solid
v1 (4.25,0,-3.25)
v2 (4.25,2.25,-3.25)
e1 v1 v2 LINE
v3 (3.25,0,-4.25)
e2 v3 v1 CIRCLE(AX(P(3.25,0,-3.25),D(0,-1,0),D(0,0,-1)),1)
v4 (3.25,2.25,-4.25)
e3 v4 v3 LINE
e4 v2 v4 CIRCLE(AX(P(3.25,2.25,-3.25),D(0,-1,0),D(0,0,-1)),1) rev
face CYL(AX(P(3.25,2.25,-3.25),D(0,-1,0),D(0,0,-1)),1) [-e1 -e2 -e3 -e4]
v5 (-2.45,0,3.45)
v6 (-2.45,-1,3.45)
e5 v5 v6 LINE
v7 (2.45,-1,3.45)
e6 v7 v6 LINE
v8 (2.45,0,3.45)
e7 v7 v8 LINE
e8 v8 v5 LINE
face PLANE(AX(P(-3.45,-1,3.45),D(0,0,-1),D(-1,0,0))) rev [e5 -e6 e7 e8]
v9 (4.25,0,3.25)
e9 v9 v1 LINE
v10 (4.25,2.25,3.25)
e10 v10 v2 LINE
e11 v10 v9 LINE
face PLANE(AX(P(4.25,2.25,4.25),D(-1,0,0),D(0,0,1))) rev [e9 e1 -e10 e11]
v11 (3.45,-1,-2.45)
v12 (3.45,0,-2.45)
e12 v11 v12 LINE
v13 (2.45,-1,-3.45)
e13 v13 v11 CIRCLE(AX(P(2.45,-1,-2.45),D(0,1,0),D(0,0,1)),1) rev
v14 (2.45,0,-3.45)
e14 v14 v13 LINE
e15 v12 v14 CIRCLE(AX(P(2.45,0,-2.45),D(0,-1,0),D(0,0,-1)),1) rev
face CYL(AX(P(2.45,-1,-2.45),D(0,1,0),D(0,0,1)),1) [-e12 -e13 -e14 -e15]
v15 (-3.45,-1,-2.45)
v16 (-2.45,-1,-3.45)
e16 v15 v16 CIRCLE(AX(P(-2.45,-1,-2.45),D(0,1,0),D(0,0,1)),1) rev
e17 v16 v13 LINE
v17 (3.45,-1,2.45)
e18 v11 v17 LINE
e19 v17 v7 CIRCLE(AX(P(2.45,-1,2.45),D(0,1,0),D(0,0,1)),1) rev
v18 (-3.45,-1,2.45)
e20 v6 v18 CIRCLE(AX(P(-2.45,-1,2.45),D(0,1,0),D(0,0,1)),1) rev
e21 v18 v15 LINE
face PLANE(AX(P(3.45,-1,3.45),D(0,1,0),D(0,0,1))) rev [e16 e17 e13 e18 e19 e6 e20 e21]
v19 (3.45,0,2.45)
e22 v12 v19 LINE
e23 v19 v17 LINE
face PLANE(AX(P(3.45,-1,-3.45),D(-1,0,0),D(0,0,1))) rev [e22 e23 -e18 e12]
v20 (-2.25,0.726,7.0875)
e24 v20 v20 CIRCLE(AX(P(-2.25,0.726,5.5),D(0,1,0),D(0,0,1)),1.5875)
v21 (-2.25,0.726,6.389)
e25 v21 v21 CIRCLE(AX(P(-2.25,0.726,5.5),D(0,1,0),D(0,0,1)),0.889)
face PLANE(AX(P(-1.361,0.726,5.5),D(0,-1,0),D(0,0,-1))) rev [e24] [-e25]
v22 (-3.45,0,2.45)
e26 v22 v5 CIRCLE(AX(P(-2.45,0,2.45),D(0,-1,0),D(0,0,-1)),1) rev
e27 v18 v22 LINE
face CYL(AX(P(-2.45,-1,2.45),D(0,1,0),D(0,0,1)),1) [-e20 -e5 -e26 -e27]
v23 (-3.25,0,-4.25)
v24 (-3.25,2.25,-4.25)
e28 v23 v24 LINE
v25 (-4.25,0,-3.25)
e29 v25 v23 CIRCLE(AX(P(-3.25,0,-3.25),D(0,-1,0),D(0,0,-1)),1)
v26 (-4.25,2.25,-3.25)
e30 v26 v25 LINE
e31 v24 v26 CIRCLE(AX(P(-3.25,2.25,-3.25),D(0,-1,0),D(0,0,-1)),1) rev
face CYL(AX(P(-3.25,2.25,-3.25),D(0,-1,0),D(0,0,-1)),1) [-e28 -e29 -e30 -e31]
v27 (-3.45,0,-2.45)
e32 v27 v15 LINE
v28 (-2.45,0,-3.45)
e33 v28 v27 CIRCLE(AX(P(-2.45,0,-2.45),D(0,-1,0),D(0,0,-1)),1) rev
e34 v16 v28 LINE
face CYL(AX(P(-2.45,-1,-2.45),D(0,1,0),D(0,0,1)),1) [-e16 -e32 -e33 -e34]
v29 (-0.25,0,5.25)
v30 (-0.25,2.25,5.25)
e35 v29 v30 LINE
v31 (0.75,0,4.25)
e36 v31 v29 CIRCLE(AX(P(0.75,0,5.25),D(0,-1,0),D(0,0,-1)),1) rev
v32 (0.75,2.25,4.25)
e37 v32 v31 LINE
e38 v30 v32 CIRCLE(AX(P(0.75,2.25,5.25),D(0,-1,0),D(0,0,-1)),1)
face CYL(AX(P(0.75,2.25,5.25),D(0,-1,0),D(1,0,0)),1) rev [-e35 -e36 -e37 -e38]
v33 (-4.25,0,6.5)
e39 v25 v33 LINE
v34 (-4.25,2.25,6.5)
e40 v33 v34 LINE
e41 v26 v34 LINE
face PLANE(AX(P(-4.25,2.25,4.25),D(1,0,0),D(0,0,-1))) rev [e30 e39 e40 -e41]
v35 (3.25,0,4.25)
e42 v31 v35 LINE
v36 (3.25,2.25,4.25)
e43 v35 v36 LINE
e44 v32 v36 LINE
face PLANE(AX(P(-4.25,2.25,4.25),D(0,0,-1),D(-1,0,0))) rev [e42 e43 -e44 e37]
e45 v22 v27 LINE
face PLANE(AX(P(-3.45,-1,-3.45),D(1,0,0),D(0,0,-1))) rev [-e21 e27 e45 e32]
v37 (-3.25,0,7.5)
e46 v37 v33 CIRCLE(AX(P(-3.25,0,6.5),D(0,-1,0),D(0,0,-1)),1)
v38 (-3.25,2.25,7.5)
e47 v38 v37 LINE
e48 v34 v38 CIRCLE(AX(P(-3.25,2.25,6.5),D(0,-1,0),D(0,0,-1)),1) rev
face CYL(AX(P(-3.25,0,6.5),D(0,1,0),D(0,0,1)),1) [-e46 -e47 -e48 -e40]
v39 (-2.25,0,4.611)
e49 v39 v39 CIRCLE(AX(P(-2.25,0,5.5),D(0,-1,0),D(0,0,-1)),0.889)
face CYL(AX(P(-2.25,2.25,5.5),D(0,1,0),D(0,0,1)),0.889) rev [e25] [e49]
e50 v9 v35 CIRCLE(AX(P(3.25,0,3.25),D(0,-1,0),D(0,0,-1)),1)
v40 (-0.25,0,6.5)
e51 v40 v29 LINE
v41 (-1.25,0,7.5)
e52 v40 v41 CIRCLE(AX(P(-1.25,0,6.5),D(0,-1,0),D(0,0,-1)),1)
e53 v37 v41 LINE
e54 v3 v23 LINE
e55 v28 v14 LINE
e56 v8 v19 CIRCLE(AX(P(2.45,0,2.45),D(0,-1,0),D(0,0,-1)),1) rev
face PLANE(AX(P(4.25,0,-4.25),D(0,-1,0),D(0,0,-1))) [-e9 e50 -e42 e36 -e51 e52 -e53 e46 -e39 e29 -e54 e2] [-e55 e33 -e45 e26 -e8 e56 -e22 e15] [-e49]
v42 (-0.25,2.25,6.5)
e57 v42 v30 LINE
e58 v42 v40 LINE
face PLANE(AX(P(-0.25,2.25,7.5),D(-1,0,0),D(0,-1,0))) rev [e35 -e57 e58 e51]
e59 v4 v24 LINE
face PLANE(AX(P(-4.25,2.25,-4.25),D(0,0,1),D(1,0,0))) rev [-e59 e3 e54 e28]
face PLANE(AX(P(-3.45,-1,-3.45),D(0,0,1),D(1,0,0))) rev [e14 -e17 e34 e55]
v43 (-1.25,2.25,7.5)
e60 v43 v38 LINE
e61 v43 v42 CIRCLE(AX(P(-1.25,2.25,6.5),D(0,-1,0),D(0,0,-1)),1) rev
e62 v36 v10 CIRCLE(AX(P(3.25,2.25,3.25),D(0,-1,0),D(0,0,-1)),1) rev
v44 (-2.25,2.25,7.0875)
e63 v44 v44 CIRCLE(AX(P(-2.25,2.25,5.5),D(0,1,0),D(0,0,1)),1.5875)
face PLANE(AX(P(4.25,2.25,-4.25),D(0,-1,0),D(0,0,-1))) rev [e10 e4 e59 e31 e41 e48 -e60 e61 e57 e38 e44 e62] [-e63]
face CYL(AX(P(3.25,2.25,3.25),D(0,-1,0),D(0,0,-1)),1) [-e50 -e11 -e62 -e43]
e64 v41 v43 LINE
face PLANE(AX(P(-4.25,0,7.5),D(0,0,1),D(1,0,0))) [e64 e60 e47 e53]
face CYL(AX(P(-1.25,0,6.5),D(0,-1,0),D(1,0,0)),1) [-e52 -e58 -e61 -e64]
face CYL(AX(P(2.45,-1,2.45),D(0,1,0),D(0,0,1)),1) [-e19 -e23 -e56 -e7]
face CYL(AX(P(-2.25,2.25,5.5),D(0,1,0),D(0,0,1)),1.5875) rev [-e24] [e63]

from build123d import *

# Parameters (mm, degrees)
SKETCH1_W                                      = 8.5
SKETCH1_H                                      = 8.5
EXTRUDE1_DEPTH                                 = 2.25
SKETCH7_W                                      = 6.9
SKETCH7_H                                      = 6.9
EXTRUDE5_DEPTH                                 = 1
SKETCH3_W                                      = 4
SKETCH3_H                                      = 2.25
EXTRUDE3_DEPTH                                 = 3.25
CBORE_FOR_0_SOCKET_HEAD_CAP_SCREW1_D           = 1.778
CBORE_FOR_0_SOCKET_HEAD_CAP_SCREW1_CBORE_D     = 3.175
CBORE_FOR_0_SOCKET_HEAD_CAP_SCREW1_CBORE_DEPTH = 1.524
FILLET2_R                                      = 1


with BuildPart() as part:
    # Sketch1 → Extrude1 (new body)
    with BuildSketch(Plane(origin=(0, 0, 0), x_dir=(1, 0, 0), z_dir=(0, 1, 0))):
        Rectangle(SKETCH1_W, SKETCH1_H)
    extrude(amount=EXTRUDE1_DEPTH)

    # Sketch7 → Extrude5 (add)
    with BuildSketch(Plane.XZ):
        Rectangle(SKETCH7_W, SKETCH7_H)
    extrude(amount=EXTRUDE5_DEPTH)

    # Sketch3 → Extrude3 (add)
    with BuildSketch(Plane.XY.offset(4.25)):
        with Locations((-2.25, 1.125)):
            Rectangle(SKETCH3_W, SKETCH3_H)
    extrude(amount=EXTRUDE3_DEPTH)

    # CBORE for #0 Socket Head Cap Screw1 (through all)
    with Locations(Plane(origin=(-2.25, 2.25, 5.5), x_dir=(0, 0, 1), z_dir=(0, 1, 0))):
        with Locations((0, 0)):
            CounterBoreHole(CBORE_FOR_0_SOCKET_HEAD_CAP_SCREW1_D / 2, CBORE_FOR_0_SOCKET_HEAD_CAP_SCREW1_CBORE_D / 2, CBORE_FOR_0_SOCKET_HEAD_CAP_SCREW1_CBORE_DEPTH)

    # Fillet2
    fillet2_edges = [part.edges().sort_by_distance(p)[0] for p in [
        (-3.45, -0.5, -3.45),
        (-4.25, 1.125, -4.25),
        (-3.45, -0.5, 3.45),
        (3.45, -0.5, -3.45),
        (3.45, -0.5, 3.45),
        (4.25, 1.125, -4.25),
        (4.25, 1.125, 4.25),
        (-4.25, 1.125, 7.5),
        (-0.25, 1.125, 7.5),
        (-0.25, 1.125, 4.25),
    ]]
    fillet(fillet2_edges, radius=FILLET2_R)


solid = part.part
